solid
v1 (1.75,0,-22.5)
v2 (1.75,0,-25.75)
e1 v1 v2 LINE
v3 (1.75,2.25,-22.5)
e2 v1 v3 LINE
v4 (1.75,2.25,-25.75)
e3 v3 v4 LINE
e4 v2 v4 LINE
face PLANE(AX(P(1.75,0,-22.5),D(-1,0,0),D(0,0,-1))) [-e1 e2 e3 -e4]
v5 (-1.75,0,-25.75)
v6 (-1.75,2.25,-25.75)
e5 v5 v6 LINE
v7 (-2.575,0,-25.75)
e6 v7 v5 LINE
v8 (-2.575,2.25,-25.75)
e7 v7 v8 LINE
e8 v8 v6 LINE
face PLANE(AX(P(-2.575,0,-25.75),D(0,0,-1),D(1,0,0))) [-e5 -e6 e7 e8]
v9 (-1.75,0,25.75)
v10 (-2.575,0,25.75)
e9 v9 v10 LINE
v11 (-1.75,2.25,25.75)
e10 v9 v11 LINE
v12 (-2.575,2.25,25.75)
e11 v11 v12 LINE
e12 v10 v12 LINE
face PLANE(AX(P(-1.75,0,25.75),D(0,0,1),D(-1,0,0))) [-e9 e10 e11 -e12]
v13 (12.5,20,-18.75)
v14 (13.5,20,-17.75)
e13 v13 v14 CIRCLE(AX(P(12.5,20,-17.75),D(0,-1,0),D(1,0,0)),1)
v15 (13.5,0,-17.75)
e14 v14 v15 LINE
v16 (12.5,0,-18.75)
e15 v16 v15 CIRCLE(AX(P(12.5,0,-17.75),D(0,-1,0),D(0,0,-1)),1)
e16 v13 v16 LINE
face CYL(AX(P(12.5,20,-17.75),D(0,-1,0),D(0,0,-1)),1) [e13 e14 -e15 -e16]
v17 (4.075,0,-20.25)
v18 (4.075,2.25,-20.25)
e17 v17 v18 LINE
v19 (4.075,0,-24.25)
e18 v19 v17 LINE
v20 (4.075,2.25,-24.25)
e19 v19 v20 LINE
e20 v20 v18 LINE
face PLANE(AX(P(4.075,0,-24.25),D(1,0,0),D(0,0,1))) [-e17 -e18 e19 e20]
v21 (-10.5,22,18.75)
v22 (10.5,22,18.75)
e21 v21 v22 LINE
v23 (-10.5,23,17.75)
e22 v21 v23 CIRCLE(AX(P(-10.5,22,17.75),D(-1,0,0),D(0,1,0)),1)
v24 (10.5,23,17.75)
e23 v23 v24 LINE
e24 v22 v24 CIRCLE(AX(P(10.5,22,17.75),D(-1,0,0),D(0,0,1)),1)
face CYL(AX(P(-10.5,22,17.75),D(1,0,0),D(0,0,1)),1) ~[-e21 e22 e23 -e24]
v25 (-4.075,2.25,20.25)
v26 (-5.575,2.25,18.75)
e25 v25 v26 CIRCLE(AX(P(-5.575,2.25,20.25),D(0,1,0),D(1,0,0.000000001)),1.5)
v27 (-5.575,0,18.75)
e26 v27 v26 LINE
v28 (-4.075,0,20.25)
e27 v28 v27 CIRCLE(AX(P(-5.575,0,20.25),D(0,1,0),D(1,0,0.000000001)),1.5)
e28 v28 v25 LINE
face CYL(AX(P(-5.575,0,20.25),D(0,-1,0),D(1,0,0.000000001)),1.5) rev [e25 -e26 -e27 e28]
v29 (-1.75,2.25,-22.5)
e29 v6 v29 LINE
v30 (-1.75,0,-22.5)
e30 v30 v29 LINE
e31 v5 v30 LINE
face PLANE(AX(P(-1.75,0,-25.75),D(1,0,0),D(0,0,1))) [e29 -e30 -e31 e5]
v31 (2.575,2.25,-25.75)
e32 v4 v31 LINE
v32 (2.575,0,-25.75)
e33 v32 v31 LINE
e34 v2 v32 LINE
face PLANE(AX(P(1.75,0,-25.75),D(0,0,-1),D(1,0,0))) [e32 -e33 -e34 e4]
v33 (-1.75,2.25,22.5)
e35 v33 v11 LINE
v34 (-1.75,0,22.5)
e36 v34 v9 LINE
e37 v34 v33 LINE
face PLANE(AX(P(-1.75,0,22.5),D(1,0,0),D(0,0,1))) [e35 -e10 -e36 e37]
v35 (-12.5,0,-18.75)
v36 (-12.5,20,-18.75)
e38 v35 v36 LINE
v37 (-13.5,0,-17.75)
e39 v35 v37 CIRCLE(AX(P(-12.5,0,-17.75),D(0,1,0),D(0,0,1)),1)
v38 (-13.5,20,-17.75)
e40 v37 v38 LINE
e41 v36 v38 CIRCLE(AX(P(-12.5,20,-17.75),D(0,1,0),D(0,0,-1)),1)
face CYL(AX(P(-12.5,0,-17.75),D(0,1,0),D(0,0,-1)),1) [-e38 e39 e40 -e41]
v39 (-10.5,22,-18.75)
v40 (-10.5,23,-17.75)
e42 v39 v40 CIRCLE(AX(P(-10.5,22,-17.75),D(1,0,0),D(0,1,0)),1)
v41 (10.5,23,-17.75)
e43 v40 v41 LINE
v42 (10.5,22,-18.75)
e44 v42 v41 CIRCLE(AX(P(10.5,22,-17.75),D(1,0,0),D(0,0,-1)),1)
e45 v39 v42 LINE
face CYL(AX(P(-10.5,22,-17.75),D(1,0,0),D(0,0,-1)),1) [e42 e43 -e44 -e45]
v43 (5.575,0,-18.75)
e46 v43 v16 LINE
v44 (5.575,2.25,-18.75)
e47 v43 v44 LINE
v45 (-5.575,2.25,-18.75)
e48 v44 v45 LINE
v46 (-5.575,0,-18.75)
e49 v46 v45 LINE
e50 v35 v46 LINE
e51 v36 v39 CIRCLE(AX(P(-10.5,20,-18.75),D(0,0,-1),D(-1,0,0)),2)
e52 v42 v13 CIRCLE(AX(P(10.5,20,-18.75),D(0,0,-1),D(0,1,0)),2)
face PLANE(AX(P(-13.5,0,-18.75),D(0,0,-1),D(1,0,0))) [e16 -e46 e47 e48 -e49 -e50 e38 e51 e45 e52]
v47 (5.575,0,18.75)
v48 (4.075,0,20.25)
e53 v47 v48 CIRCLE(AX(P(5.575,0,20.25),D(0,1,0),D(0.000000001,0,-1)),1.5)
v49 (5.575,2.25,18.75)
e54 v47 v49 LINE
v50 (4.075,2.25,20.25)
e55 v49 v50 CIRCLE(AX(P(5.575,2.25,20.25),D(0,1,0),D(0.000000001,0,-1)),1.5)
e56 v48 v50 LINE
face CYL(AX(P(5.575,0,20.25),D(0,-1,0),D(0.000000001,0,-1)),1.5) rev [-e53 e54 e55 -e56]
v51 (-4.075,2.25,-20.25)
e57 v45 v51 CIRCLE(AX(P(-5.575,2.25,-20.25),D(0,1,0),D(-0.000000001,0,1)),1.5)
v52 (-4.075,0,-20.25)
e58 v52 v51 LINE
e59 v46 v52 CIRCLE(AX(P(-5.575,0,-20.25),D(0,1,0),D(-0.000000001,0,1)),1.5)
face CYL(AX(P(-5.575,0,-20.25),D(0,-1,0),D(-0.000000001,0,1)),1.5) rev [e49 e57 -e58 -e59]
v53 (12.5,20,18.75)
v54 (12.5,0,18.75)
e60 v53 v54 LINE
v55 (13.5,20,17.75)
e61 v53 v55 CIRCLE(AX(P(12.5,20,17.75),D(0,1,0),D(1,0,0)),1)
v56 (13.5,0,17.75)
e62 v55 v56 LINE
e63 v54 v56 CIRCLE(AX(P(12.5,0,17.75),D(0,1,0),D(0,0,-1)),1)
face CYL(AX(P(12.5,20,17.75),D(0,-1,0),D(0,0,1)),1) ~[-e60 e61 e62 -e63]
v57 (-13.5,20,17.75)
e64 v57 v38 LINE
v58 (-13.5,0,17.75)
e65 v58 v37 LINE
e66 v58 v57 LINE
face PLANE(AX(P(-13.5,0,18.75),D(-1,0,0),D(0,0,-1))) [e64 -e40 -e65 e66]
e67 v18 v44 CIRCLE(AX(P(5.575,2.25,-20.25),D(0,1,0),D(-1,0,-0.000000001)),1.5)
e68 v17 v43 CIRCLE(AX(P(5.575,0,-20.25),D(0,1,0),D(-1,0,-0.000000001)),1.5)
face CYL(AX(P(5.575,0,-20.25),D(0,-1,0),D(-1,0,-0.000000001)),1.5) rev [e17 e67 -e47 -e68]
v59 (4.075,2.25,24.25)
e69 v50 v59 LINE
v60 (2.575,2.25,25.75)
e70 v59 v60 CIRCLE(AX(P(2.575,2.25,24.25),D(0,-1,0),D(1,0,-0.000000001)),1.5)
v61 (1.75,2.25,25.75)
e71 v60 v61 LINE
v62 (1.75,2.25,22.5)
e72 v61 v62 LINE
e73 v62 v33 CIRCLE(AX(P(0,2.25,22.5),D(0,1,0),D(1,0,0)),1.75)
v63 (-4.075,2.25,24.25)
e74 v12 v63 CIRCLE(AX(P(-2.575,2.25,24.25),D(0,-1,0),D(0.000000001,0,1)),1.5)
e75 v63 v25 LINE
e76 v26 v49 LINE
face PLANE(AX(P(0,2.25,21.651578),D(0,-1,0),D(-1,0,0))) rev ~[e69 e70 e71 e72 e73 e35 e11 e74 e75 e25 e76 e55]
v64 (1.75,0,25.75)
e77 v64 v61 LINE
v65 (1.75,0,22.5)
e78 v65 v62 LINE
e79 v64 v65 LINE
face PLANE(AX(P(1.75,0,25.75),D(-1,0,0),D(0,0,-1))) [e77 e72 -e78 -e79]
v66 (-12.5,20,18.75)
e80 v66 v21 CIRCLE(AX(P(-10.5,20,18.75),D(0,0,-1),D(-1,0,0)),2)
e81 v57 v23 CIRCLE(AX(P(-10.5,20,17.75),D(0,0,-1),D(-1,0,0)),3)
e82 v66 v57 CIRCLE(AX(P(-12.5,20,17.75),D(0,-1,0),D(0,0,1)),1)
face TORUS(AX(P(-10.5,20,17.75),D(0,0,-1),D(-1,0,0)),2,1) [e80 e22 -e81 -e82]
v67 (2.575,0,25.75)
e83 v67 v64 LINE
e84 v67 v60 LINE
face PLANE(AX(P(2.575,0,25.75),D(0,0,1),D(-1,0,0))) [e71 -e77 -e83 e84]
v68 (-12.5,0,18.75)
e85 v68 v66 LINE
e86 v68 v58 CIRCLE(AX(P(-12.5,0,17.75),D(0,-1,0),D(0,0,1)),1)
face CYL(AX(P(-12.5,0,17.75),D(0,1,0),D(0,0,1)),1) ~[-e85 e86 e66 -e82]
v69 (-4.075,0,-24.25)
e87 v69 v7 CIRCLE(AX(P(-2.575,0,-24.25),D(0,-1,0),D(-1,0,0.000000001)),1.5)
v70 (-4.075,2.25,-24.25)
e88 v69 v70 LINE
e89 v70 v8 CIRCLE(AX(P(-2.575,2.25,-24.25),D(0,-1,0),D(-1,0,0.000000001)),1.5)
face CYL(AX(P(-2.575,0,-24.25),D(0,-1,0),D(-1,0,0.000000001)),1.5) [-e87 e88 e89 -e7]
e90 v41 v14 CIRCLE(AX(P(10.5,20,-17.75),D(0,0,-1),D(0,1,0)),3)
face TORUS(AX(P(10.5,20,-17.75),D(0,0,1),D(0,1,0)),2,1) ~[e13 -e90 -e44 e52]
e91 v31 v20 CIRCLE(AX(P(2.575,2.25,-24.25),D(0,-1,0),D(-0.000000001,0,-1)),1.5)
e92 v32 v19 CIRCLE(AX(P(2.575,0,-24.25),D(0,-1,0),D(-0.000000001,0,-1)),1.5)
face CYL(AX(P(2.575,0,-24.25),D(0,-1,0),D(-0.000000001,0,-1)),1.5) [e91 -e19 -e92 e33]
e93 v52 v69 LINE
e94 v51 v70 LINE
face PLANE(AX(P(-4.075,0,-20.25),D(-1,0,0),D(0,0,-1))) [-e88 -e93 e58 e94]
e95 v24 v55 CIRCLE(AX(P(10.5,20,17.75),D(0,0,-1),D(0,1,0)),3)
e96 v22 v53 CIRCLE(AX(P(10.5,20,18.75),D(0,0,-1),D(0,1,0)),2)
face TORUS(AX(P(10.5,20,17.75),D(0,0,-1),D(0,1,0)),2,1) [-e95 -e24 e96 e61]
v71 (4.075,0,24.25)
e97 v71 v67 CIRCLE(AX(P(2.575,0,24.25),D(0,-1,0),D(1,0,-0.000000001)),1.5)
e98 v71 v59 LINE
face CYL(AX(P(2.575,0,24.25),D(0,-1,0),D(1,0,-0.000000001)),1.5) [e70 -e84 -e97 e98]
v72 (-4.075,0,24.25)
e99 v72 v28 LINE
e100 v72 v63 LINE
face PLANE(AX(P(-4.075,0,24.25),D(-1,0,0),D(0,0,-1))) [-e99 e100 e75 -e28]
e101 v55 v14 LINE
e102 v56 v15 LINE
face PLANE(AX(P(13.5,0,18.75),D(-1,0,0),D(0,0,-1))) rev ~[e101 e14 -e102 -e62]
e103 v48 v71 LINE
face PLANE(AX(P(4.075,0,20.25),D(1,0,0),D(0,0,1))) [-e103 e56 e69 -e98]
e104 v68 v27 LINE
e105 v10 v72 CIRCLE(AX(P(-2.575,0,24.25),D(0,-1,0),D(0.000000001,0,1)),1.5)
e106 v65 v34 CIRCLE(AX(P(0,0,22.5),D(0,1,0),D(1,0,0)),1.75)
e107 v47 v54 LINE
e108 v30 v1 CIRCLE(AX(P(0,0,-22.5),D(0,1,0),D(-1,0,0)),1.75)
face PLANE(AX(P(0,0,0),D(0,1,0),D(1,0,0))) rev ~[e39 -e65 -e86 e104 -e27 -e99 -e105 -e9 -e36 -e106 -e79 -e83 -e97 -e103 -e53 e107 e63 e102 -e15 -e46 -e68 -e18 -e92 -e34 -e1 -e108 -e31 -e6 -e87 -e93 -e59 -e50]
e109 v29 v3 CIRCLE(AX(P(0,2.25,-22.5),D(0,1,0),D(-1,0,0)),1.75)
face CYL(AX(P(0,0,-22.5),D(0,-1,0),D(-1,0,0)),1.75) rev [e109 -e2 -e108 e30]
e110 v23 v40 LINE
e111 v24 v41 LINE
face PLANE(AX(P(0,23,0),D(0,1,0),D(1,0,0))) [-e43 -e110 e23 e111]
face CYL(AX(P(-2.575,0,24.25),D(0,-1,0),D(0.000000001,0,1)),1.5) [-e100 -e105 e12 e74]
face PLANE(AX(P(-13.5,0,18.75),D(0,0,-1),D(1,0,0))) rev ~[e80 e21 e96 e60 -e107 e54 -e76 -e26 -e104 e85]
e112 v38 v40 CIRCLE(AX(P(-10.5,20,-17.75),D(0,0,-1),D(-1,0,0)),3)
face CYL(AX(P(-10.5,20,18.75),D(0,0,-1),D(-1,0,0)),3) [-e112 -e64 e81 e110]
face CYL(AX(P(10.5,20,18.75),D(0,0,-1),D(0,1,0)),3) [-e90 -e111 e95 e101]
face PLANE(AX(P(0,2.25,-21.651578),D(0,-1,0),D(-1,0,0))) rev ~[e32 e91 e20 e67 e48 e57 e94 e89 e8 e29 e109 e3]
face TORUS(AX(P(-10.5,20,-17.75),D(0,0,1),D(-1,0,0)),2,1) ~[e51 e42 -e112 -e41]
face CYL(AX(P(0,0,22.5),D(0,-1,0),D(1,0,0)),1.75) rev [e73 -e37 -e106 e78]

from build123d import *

# Parameters (mm, degrees)
SKETCH1_W           = 27
SKETCH1_H           = 37.5
BOSS_EXTRUDE1_DEPTH = 23
BOSS_EXTRUDE2_DEPTH = 2.25
FILLET1_R           = 3
FILLET2_R           = 1


with BuildPart() as part:
    # Sketch1 → Boss-Extrude1 (new body)
    with BuildSketch(Plane(origin=(0, 0, 0), x_dir=(1, 0, 0), z_dir=(0, 1, 0))):
        Rectangle(SKETCH1_W, SKETCH1_H)
    extrude(amount=BOSS_EXTRUDE1_DEPTH)

    # Sketch2 → Boss-Extrude2 (add)
    with BuildSketch(Plane(origin=(0, 0, 0), x_dir=(1, 0, 0), z_dir=(0, 1, 0))):
        with BuildLine():
            Line((-1.75, -22.5), (-1.75, -25.75))
            Line((-1.75, -25.75), (-2.575, -25.75))
            ThreePointArc((-2.575, -25.75), (-3.635660172, -25.310660172), (-4.075, -24.25))
            Line((-4.075, -24.25), (-4.075, -20.25))
            ThreePointArc((-4.075, -20.25), (-4.514339828, -19.189339828), (-5.575, -18.75))
            Line((-5.575, -18.75), (5.575, -18.75))
            ThreePointArc((5.575, -18.75), (4.514339828, -19.189339828), (4.075, -20.25))
            Line((4.075, -20.25), (4.075, -24.25))
            ThreePointArc((4.075, -24.25), (3.635660172, -25.310660172), (2.575, -25.75))
            Line((2.575, -25.75), (1.75, -25.75))
            Line((1.75, -25.75), (1.75, -22.5))
            ThreePointArc((1.75, -22.5), (0, -20.75), (-1.75, -22.5))
        make_face()
        with BuildLine():
            Line((1.75, 22.5), (1.75, 25.75))
            Line((1.75, 25.75), (2.575, 25.75))
            ThreePointArc((2.575, 25.75), (3.635660172, 25.310660172), (4.075, 24.25))
            Line((4.075, 24.25), (4.075, 20.25))
            ThreePointArc((4.075, 20.25), (4.514339828, 19.189339828), (5.575, 18.75))
            Line((5.575, 18.75), (-5.575, 18.75))
            ThreePointArc((-5.575, 18.75), (-4.514339828, 19.189339828), (-4.075, 20.25))
            Line((-4.075, 20.25), (-4.075, 24.25))
            ThreePointArc((-4.075, 24.25), (-3.635660172, 25.310660172), (-2.575, 25.75))
            Line((-2.575, 25.75), (-1.75, 25.75))
            Line((-1.75, 25.75), (-1.75, 22.5))
            ThreePointArc((-1.75, 22.5), (0, 20.75), (1.75, 22.5))
        make_face()
    extrude(amount=BOSS_EXTRUDE2_DEPTH)

    # Fillet1
    fillet1_edges = [part.edges().sort_by_distance(p)[0] for p in [
        (13.5, 23, 0),
        (-13.5, 23, 0),
    ]]
    fillet(fillet1_edges, radius=FILLET1_R)

    # Fillet2
    fillet2_edges = [part.edges().sort_by_distance(p)[0] for p in [
        (0, 23, 18.75),
        (0, 23, -18.75),
        (-13.5, 10, -18.75),
        (13.5, 10, -18.75),
        (-12.621320344, 22.121320344, -18.75),
        (12.621320344, 22.121320344, -18.75),
        (13.5, 10, 18.75),
        (-13.5, 10, 18.75),
        (-12.621320344, 22.121320344, 18.75),
        (12.621320344, 22.121320344, 18.75),
    ]]
    fillet(fillet2_edges, radius=FILLET2_R)


solid = part.part
